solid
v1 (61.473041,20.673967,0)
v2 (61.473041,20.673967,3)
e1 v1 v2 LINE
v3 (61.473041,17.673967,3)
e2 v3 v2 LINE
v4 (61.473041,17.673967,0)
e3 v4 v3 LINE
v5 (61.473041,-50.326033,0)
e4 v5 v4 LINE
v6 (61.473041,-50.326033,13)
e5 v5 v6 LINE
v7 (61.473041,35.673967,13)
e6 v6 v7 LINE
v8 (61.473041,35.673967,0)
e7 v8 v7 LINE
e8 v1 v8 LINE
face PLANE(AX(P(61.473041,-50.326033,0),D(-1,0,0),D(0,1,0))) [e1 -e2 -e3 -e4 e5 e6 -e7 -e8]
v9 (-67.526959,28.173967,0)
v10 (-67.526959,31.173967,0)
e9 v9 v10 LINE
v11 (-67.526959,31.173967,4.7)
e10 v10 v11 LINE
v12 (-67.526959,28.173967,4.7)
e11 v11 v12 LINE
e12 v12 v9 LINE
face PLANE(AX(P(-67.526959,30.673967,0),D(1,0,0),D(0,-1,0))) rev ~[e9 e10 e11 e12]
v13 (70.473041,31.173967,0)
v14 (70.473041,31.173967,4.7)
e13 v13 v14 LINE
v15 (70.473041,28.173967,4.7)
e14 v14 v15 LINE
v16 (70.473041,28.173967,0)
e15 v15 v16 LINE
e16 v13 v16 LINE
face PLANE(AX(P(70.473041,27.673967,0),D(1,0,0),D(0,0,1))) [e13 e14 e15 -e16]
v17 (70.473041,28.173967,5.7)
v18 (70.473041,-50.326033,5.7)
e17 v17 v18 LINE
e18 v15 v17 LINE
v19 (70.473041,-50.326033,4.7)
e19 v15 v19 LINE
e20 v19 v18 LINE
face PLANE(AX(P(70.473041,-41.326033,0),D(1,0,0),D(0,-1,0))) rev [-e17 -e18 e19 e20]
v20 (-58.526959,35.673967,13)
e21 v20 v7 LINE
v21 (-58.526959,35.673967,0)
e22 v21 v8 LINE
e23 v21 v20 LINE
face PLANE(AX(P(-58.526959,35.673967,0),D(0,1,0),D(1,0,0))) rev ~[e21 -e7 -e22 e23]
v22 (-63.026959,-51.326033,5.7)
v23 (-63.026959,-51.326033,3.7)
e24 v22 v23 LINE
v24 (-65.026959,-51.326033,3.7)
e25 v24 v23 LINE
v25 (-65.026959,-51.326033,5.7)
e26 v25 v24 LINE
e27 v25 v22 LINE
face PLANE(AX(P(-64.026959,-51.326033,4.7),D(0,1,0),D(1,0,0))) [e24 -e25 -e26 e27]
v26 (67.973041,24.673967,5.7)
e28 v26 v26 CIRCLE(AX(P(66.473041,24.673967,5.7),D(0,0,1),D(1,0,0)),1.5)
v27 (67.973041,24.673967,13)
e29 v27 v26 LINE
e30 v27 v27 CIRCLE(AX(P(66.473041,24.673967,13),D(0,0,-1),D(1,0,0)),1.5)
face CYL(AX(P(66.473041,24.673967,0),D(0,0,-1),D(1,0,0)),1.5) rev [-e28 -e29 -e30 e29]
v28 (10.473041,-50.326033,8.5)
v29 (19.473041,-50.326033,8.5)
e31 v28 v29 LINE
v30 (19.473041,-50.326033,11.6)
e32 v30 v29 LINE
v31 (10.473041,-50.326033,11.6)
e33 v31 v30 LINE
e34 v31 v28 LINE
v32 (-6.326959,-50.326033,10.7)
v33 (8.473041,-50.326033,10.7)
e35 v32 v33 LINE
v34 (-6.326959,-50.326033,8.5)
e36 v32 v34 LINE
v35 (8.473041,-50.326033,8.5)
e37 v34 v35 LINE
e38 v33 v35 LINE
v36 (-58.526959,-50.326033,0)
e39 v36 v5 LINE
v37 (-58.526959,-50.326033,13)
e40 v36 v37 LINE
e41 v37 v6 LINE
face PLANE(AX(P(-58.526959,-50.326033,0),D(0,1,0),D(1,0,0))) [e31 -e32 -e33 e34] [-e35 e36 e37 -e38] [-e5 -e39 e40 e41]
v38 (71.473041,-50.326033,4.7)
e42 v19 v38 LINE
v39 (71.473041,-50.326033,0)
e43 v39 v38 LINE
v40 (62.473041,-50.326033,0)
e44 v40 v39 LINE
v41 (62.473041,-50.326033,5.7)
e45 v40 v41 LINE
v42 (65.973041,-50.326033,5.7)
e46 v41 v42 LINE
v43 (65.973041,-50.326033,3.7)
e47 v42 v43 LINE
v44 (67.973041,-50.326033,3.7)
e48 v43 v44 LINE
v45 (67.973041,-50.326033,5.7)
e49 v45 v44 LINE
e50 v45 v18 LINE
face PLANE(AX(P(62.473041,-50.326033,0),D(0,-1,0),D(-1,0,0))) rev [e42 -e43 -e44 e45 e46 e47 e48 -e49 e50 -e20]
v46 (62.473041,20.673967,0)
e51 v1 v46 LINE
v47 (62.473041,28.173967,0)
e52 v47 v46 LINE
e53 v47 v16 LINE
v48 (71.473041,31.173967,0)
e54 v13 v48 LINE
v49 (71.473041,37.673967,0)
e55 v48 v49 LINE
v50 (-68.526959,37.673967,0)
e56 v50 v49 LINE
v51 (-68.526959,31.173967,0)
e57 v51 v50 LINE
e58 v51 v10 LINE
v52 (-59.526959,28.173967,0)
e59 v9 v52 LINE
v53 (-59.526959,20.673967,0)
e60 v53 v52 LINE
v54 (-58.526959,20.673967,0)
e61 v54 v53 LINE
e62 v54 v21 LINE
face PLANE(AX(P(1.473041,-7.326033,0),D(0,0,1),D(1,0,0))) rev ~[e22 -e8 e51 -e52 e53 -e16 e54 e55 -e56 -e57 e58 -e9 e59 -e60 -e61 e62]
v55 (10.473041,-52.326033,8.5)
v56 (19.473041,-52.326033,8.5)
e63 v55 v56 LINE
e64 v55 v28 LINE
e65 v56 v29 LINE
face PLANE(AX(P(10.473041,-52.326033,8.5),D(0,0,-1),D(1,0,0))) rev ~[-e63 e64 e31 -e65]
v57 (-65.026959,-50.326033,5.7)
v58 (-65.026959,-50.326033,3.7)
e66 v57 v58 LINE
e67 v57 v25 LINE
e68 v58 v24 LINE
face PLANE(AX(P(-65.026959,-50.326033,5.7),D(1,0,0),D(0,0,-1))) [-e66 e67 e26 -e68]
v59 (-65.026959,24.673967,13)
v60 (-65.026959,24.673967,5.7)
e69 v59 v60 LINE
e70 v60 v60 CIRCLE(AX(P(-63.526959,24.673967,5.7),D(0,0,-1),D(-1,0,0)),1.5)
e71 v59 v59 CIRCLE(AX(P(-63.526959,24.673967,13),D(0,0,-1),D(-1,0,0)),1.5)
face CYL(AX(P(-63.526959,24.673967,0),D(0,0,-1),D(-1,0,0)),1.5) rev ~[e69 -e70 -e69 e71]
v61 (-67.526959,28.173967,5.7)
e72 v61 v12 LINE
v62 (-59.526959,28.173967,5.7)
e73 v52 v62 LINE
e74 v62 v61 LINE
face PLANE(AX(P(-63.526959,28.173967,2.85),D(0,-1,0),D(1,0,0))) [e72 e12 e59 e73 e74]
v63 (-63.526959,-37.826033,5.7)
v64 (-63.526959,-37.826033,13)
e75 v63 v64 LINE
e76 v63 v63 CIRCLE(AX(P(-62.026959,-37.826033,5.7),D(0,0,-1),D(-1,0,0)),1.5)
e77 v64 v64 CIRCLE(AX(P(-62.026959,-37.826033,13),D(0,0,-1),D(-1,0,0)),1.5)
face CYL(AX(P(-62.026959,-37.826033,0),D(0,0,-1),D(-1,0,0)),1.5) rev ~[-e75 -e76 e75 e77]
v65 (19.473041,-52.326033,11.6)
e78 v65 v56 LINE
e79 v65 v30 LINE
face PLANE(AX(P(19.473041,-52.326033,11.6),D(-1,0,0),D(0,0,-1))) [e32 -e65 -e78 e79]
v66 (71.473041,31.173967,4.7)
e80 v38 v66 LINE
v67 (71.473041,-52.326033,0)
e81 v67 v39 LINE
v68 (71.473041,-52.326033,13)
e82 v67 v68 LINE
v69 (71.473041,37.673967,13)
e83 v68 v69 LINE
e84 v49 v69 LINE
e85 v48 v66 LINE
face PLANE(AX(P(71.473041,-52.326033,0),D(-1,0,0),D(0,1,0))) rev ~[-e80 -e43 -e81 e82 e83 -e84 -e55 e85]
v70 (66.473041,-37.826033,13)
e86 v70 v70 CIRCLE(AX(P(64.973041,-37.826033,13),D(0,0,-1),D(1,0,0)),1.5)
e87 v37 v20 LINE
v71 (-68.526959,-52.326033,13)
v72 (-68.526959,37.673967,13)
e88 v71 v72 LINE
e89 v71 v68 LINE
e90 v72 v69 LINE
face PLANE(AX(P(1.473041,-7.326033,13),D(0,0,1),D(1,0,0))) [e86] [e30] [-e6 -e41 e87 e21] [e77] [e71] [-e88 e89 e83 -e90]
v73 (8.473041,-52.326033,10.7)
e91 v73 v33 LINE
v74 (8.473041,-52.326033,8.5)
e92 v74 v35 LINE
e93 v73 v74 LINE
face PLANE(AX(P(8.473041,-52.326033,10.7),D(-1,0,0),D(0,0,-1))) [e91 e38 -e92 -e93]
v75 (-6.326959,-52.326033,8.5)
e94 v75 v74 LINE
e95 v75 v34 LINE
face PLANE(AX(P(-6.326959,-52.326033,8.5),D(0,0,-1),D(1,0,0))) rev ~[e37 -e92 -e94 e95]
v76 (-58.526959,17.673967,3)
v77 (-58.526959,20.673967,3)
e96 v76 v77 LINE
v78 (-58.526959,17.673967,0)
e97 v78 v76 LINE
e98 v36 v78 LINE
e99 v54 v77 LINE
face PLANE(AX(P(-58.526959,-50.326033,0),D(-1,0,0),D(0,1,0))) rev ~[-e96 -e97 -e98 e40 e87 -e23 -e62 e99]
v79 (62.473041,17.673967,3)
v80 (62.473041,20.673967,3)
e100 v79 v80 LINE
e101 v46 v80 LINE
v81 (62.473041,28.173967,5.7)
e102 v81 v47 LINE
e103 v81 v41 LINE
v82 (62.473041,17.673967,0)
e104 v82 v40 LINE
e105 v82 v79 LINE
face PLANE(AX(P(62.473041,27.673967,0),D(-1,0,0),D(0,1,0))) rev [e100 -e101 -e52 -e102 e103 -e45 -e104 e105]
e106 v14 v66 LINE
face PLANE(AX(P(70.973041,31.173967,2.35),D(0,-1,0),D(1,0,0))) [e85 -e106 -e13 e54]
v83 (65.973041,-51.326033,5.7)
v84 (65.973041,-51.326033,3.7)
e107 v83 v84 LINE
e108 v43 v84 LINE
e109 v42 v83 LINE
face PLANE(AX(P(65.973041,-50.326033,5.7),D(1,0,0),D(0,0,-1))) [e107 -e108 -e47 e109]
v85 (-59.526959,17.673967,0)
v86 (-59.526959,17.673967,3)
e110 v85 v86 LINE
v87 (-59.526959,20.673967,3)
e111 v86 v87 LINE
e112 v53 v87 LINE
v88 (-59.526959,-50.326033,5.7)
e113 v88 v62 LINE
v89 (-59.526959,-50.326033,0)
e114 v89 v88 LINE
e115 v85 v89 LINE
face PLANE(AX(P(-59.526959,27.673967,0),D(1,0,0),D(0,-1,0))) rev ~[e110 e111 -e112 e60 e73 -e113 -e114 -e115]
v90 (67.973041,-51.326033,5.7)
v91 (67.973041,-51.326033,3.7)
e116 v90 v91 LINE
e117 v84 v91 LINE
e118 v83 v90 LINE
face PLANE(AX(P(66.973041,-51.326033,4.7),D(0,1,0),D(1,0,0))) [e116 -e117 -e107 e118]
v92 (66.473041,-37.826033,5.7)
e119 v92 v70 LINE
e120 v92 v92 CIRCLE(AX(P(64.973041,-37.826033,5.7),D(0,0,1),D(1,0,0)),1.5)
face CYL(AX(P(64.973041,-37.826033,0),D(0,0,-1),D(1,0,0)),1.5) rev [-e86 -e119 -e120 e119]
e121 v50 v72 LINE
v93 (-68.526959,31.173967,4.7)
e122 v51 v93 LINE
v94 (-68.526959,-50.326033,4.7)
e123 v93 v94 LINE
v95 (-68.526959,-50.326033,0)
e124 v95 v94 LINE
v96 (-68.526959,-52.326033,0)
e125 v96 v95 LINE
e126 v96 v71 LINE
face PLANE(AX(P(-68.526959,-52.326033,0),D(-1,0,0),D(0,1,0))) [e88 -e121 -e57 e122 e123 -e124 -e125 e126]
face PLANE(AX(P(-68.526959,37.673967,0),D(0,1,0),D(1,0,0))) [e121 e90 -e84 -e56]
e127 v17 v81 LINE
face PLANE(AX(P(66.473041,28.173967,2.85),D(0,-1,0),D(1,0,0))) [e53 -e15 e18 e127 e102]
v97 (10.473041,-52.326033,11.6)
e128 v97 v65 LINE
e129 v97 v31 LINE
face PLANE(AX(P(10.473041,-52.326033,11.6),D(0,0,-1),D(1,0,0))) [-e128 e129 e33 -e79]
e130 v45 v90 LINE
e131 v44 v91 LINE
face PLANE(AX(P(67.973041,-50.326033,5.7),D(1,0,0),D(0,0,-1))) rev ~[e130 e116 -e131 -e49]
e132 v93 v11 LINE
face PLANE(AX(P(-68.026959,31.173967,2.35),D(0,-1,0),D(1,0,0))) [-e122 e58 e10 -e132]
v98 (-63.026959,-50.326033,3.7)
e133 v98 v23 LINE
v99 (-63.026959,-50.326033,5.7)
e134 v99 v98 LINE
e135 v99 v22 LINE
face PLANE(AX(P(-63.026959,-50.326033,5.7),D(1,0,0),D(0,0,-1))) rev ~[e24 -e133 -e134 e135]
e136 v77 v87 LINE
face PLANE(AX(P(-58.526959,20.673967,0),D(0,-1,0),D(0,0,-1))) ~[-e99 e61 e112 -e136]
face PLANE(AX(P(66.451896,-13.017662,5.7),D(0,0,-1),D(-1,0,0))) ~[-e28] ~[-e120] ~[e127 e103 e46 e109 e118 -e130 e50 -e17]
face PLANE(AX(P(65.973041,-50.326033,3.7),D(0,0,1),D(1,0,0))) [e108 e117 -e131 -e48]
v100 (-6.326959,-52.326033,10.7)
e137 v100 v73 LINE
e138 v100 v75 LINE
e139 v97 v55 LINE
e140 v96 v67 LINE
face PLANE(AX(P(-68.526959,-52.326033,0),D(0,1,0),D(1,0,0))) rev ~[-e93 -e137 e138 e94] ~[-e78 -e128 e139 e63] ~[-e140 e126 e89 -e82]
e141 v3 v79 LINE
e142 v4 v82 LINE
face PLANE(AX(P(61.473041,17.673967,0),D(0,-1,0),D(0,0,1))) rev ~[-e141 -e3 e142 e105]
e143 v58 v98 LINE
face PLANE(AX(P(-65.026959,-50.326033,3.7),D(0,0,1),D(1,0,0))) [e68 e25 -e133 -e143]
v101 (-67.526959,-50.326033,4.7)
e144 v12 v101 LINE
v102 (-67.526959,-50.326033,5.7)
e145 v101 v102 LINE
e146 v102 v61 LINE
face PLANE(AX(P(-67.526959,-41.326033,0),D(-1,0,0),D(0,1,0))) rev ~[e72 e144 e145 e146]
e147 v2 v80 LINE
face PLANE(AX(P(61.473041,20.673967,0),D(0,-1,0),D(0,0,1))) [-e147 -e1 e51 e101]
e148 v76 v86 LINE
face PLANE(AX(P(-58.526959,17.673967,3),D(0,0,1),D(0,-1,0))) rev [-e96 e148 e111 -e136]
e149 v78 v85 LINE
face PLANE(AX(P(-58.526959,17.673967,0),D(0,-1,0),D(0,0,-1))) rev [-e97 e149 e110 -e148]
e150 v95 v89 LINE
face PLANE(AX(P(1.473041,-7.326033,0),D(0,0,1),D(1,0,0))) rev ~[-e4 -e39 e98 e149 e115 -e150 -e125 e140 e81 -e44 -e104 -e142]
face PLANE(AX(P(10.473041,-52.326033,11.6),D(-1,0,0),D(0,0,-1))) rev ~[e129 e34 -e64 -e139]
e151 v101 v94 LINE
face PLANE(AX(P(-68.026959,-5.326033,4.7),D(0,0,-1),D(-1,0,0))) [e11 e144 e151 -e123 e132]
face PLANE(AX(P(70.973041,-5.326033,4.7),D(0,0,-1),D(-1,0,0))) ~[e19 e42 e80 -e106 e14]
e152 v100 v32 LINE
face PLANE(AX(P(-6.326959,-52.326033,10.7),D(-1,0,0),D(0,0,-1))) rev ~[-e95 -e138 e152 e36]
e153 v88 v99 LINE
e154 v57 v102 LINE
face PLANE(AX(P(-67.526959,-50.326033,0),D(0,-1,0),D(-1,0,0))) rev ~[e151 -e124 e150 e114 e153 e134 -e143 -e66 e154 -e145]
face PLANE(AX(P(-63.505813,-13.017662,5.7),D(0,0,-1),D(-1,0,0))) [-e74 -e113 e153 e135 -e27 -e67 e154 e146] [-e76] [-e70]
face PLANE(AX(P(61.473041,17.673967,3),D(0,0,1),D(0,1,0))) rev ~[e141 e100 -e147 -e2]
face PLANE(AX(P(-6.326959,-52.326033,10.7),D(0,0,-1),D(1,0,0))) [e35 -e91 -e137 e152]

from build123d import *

# Parameters (mm, degrees)
SKETCH1_W           = 140
SKETCH1_H           = 90
SKETCH1_W_2         = 120
SKETCH1_H_2         = 86
BOSS_EXTRUDE1_DEPTH = 13
SKETCH13_R          = 1.5
SKETCH13_W          = 4.8
SKETCH13_H          = 4
CUT_EXTRUDE5_DEPTH  = 5.7
SKETCH13_6_W        = 1
SKETCH13_6_H        = 5
SKETCH13_6_H_2      = 4
CUT_EXTRUDE6_DEPTH  = 4.7
SKETCH13_7_R        = 1.5
CUT_EXTRUDE7_DEPTH  = 90.528818352
SKETCH15_W          = 3
SKETCH15_H          = 3
CUT_EXTRUDE8_DEPTH  = 10
SKETCH16_W          = 1
SKETCH16_H          = 4.7
CUT_EXTRUDE9_DEPTH  = 0.5
SKETCH16_3_W        = 1
SKETCH16_3_H        = 4.7
CUT_EXTRUDE10_DEPTH = 3.5
SKETCH17_W          = 2
SKETCH17_H          = 2
CUT_EXTRUDE11_DEPTH = 1
SKETCH18_W          = 14.8
SKETCH18_H          = 2.2
SKETCH18_W_2        = 9
SKETCH18_H_2        = 3.1
CUT_EXTRUDE13_DEPTH = 2


with BuildPart() as part:
    # Sketch1 → Boss-Extrude1 (new body)
    with BuildSketch(Plane.XY):
        with Locations((1.473041333, -7.32603251)):
            Rectangle(SKETCH1_W, SKETCH1_H)
        with Locations((1.473041333, -7.32603251)):
            Rectangle(SKETCH1_W_2, SKETCH1_H_2, mode=Mode.SUBTRACT)
    extrude(amount=BOSS_EXTRUDE1_DEPTH)

    # Sketch13 → Cut-Extrude5 (cut)
    # profile 1 of 2: a face of its own
    with BuildSketch(Plane(origin=(0, 0, 0), x_dir=(-1, 0, 0), z_dir=(0, 0, -1))):
        Polygon((59.526958667, 27.67396749), (59.526958667, -50.32603251), (67.526958667, -50.32603251), (67.526958667, -45.32603251), (62.726958667, -45.32603251), (62.726958667, -41.32603251), (67.526958667, -41.32603251), (67.526958667, 27.67396749), align=None)
        with Locations((62.026958667, -37.82603251)):
            Circle(SKETCH13_R, mode=Mode.SUBTRACT)
        with Locations((63.526958667, 24.67396749)):
            Circle(SKETCH13_R, mode=Mode.SUBTRACT)
    # profile 2 of 2: a face of its own
    with BuildSketch(Plane(origin=(0, 0, 0), x_dir=(-1, 0, 0), z_dir=(0, 0, -1))):
        with Locations((65.126958667, -43.32603251)):
            Rectangle(SKETCH13_W, SKETCH13_H)
    cut_extrude5 = extrude(amount=-CUT_EXTRUDE5_DEPTH, mode=Mode.SUBTRACT)

    # Sketch13<6> → Cut-Extrude6 (cut)
    with BuildSketch(Plane(origin=(0, 0, 0), x_dir=(-1, 0, 0), z_dir=(0, 0, -1))):
        Polygon((67.526958667, 30.67396749), (67.526958667, 27.67396749), (67.526958667, -41.32603251), (68.526958667, -41.32603251), (68.526958667, 30.67396749), align=None)
        with Locations((68.026958667, -47.82603251)):
            Rectangle(SKETCH13_6_W, SKETCH13_6_H)
        with Locations((68.026958667, -43.32603251)):
            Rectangle(SKETCH13_6_W, SKETCH13_6_H_2)
    cut_extrude6 = extrude(amount=-CUT_EXTRUDE6_DEPTH, mode=Mode.SUBTRACT)

    # Sketch13<7> → Cut-Extrude7 (cut, symmetric)
    with BuildSketch(Plane(origin=(0, 0, 0), x_dir=(-1, 0, 0), z_dir=(0, 0, -1))):
        with Locations((62.026958667, -37.82603251)):
            Circle(SKETCH13_7_R)
        with Locations((63.526958667, 24.67396749)):
            Circle(SKETCH13_7_R)
    cut_extrude7 = extrude(amount=CUT_EXTRUDE7_DEPTH, both=True, mode=Mode.SUBTRACT)

    # Sketch15 → Cut-Extrude8 (cut)
    with BuildSketch(Plane.ZY.offset(-61.473041333)):
        with Locations((1.5, 19.17396749)):
            Rectangle(SKETCH15_W, SKETCH15_H)
    cut_extrude8 = extrude(amount=-CUT_EXTRUDE8_DEPTH, mode=Mode.SUBTRACT)

    # Mirror1: Cut-Extrude5, Cut-Extrude6, Cut-Extrude7, Cut-Extrude8 across plane
    add(cut_extrude5.mirror(Plane(origin=(1.473041333, 0, 0), x_dir=(0, 0, 1), z_dir=(1, 0, 0))), mode=Mode.SUBTRACT)
    add(cut_extrude6.mirror(Plane(origin=(1.473041333, 0, 0), x_dir=(0, 0, 1), z_dir=(1, 0, 0))), mode=Mode.SUBTRACT)
    add(cut_extrude7.mirror(Plane(origin=(1.473041333, 0, 0), x_dir=(0, 0, 1), z_dir=(1, 0, 0))), mode=Mode.SUBTRACT)
    add(cut_extrude8.mirror(Plane(origin=(1.473041333, 0, 0), x_dir=(0, 0, 1), z_dir=(1, 0, 0))), mode=Mode.SUBTRACT)

    # Sketch16 → Cut-Extrude9 (cut)
    with BuildSketch(Plane.XZ.offset(-27.67396749)):
        Polygon((-59.526958667, 0), (-59.526958667, 5.7), (-67.526958667, 5.7), (-67.526958667, 4.7), (-67.526958667, 0), align=None)
        with Locations((-68.026958667, 2.35)):
            Rectangle(SKETCH16_W, SKETCH16_H)
        Polygon((70.473041333, 5.7), (62.473041333, 5.7), (62.473041333, 0), (70.473041333, 0), (70.473041333, 4.7), align=None)
        with Locations((70.973041333, 2.35)):
            Rectangle(SKETCH16_W, SKETCH16_H)
    extrude(amount=-CUT_EXTRUDE9_DEPTH, mode=Mode.SUBTRACT)

    # Sketch16<3> → Cut-Extrude10 (cut)
    with BuildSketch(Plane.XZ.offset(-27.67396749)):
        with Locations((-68.026958667, 2.35)):
            Rectangle(SKETCH16_3_W, SKETCH16_3_H)
        with Locations((70.973041333, 2.35)):
            Rectangle(SKETCH16_3_W, SKETCH16_3_H)
    extrude(amount=-CUT_EXTRUDE10_DEPTH, mode=Mode.SUBTRACT)

    # Sketch17 → Cut-Extrude11 (cut)
    with BuildSketch(Plane(origin=(0, -50.32603251, 0), x_dir=(1, 0, 0), z_dir=(0, 1, 0))):
        with Locations((-64.026958667, -4.7)):
            Rectangle(SKETCH17_W, SKETCH17_H)
        with Locations((66.973041333, -4.7)):
            Rectangle(SKETCH17_W, SKETCH17_H)
    extrude(amount=-CUT_EXTRUDE11_DEPTH, mode=Mode.SUBTRACT)

    # Sketch18 → Cut-Extrude13 (cut)
    with BuildSketch(Plane(origin=(0, -52.32603251, 0), x_dir=(1, 0, 0), z_dir=(0, 1, 0))):
        with Locations((1.073041333, -9.6)):
            Rectangle(SKETCH18_W, SKETCH18_H)
        with Locations((14.973041333, -10.05)):
            Rectangle(SKETCH18_W_2, SKETCH18_H_2)
    extrude(amount=CUT_EXTRUDE13_DEPTH, mode=Mode.SUBTRACT)


solid = part.part
